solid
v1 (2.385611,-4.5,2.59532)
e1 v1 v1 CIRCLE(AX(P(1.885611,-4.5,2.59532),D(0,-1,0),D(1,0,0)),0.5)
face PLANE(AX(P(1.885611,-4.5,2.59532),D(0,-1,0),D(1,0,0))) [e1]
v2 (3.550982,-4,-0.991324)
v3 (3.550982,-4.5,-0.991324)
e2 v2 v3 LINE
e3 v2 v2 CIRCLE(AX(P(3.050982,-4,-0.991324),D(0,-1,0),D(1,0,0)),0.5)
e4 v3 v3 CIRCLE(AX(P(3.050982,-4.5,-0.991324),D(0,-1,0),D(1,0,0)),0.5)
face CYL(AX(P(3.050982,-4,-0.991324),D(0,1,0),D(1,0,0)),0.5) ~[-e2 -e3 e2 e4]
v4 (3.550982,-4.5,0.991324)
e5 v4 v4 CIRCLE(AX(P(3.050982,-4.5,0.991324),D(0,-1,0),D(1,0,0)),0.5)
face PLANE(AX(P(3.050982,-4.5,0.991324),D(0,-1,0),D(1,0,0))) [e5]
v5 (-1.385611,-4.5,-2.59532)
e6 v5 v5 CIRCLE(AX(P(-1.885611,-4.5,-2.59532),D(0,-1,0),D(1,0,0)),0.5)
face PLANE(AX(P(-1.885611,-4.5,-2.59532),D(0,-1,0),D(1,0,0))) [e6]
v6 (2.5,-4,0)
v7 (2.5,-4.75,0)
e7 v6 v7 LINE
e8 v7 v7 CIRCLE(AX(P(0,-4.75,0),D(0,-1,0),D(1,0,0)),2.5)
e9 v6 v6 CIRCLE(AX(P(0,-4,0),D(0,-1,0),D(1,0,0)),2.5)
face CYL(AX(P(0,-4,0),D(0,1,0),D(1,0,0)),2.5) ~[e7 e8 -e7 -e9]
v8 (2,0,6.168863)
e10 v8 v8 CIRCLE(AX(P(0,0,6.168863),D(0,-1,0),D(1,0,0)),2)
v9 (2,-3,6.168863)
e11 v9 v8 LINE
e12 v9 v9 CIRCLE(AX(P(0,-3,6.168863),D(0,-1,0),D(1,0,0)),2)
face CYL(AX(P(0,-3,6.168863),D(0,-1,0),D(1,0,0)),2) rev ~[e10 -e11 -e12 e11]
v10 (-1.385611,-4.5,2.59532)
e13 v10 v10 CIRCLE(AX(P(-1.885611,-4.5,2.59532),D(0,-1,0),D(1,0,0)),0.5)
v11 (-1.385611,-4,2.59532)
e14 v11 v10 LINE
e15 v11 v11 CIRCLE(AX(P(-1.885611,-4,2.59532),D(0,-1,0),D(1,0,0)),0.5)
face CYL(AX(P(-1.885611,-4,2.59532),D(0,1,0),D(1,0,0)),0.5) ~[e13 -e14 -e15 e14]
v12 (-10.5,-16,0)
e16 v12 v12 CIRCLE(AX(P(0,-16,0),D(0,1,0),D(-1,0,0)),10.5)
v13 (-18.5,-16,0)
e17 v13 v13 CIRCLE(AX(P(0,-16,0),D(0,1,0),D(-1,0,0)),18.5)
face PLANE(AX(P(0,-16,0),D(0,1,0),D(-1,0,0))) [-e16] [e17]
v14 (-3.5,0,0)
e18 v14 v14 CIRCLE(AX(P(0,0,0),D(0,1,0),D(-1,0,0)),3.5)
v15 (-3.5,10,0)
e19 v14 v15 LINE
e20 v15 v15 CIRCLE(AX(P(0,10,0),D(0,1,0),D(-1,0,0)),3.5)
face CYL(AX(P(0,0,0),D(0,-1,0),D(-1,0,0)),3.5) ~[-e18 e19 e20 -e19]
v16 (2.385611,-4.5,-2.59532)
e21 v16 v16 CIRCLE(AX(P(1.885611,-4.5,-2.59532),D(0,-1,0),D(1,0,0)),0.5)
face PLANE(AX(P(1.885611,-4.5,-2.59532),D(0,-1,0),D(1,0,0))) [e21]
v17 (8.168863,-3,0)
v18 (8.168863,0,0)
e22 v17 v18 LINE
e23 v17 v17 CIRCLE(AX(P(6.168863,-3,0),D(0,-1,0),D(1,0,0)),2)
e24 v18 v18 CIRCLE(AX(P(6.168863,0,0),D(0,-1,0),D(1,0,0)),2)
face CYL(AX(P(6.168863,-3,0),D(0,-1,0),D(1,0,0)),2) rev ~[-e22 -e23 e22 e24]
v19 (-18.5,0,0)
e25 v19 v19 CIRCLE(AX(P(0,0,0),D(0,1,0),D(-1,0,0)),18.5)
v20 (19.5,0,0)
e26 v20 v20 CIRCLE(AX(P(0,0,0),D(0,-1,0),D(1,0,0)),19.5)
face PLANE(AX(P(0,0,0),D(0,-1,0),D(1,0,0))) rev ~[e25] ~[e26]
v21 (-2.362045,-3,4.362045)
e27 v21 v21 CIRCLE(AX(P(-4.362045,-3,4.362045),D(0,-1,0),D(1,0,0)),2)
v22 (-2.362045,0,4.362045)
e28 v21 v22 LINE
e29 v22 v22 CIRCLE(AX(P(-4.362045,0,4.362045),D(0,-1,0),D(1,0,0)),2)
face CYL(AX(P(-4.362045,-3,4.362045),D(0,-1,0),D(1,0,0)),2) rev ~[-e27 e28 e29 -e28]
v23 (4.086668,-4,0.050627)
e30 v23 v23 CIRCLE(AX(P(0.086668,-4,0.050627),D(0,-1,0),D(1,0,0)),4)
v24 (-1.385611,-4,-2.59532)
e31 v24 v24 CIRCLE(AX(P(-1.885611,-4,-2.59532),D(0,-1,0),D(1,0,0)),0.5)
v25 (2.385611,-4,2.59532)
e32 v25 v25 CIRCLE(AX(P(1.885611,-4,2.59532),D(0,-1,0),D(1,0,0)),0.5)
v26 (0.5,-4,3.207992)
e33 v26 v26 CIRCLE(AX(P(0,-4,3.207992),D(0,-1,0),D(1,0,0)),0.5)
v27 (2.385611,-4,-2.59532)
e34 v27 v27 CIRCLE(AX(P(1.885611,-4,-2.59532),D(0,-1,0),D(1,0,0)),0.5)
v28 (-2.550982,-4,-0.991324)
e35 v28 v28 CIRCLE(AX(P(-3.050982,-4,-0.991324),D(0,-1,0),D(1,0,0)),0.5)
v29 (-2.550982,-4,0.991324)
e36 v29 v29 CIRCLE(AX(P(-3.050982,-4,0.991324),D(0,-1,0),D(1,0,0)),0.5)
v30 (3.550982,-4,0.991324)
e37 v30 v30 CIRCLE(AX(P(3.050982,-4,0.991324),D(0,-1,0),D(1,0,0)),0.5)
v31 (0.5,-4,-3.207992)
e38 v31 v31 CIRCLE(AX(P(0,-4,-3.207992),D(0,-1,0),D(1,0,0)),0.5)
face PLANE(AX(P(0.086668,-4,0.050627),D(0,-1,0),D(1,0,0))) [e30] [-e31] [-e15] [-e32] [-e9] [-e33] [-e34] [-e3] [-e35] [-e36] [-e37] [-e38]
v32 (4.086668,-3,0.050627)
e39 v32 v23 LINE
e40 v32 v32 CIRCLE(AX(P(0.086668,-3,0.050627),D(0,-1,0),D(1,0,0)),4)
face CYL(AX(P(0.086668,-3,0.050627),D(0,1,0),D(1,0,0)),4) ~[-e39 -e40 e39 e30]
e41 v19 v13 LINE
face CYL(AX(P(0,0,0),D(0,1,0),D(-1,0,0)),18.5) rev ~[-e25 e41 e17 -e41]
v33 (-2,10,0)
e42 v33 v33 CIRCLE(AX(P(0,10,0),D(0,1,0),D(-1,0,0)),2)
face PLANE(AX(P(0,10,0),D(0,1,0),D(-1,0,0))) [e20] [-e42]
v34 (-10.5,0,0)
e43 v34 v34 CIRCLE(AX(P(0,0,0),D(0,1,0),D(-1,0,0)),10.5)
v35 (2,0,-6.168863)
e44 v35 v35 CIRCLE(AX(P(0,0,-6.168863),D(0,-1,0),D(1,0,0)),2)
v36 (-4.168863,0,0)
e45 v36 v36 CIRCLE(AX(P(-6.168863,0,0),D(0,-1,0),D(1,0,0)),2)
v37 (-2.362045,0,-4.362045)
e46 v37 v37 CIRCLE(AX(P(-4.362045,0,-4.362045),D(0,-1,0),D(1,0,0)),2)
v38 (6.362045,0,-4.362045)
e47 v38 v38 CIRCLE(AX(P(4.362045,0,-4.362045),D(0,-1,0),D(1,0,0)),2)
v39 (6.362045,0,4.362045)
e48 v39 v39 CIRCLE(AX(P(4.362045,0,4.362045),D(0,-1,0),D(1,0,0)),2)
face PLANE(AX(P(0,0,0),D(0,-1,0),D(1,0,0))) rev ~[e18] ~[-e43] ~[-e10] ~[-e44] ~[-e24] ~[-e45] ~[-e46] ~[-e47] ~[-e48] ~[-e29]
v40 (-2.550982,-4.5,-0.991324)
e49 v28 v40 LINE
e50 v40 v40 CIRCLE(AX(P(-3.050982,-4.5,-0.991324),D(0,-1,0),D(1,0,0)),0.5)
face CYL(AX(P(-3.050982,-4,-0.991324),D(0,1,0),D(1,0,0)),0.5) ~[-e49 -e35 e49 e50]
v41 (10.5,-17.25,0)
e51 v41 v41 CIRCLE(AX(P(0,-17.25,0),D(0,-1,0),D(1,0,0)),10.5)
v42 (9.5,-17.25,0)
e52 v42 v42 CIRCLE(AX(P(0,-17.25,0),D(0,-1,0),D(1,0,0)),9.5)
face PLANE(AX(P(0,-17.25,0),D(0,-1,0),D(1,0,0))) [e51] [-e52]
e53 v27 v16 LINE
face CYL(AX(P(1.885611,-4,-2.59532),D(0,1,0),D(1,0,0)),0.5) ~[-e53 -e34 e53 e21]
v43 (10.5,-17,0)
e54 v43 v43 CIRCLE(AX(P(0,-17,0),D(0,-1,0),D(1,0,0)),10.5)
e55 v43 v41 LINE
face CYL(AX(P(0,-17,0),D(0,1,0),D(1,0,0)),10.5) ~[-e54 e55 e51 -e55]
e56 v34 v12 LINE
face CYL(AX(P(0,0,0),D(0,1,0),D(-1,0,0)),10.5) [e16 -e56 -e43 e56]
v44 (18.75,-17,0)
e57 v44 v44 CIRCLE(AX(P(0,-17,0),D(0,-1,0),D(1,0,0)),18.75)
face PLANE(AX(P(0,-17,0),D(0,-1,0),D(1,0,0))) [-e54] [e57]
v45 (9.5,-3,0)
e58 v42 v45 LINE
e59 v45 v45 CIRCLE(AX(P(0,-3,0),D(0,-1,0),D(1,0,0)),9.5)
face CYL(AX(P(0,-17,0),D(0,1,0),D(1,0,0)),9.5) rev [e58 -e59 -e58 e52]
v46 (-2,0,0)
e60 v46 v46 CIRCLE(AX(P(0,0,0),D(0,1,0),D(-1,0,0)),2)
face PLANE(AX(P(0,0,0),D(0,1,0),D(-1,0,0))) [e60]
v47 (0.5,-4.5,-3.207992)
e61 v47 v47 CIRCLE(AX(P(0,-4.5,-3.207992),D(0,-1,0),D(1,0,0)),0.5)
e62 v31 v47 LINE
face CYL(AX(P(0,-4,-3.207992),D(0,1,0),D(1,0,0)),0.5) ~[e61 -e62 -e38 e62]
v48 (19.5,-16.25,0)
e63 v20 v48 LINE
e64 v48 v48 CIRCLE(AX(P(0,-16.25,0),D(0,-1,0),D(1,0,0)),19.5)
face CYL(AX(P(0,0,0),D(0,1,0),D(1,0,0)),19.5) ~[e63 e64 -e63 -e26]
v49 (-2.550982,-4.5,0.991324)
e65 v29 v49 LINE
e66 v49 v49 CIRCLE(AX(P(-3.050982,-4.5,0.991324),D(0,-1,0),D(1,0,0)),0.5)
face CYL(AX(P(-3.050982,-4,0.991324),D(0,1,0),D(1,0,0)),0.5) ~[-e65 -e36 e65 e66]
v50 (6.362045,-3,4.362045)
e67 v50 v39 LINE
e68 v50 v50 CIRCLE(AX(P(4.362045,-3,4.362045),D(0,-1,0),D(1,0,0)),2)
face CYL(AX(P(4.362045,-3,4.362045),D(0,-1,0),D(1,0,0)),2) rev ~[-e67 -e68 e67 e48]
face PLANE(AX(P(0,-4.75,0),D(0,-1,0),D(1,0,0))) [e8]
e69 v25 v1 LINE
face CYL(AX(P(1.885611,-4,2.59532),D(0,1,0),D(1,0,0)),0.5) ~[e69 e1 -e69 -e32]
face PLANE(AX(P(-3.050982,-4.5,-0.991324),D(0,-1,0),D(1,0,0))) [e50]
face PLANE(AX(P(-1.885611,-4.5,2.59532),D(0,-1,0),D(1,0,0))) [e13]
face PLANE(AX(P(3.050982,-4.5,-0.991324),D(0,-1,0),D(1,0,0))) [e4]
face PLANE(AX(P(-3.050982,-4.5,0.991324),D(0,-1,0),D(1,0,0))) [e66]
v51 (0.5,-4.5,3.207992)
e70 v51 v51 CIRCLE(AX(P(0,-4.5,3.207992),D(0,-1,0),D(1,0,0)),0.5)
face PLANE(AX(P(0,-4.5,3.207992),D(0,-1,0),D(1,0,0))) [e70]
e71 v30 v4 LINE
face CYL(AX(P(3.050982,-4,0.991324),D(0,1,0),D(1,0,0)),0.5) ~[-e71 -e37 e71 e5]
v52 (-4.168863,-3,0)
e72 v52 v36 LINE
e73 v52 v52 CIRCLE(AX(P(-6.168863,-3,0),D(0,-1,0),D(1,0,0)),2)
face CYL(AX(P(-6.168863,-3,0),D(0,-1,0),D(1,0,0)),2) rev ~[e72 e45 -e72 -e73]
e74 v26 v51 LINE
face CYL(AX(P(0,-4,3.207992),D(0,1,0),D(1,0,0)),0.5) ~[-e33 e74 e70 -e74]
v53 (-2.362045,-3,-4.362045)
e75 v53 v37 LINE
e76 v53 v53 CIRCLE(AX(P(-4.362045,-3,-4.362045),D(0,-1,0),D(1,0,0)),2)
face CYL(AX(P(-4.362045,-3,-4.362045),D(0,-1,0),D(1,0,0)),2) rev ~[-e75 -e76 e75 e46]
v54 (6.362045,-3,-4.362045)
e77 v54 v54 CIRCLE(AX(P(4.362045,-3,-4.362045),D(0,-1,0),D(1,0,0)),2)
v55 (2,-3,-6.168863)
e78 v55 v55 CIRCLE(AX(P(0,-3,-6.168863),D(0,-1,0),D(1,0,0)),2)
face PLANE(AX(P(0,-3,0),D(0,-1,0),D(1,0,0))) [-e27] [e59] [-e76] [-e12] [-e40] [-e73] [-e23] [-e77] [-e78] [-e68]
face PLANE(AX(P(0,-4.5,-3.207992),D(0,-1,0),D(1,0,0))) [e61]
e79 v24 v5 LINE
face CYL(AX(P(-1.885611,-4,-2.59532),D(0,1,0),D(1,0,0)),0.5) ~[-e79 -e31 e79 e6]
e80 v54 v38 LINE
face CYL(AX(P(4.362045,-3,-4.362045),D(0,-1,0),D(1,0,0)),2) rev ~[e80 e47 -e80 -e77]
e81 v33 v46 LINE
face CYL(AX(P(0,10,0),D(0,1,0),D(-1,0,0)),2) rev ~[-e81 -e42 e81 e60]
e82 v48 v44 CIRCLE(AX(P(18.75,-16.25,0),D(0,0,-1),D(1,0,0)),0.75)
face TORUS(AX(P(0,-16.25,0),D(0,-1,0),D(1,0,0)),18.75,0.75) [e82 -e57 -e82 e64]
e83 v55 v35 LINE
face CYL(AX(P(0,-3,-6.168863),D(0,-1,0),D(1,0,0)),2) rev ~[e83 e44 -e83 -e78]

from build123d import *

# Parameters (mm, degrees)
F0_R      = 19.5
F1_DEPTH  = 17
F2_R      = 9.5
F3_DEPTH  = 14
F4_R      = 18.5
F4_R_2    = 10.5
F5_DEPTH  = 16
F6_R      = 2
F7_DEPTH  = 25
F8_R      = 3.5
F9_DEPTH  = 10
F10_R     = 2
F11_DEPTH = 10
F12_R     = 4
F13_DEPTH = 1
F14_R     = 2.5
F15_DEPTH = 0.75
F16_R     = 0.5
F17_DEPTH = 0.5
F19_R     = 0.75
F18_R     = 10.5
F18_R_2   = 9.5
F20_DEPTH = 0.25


with BuildPart() as f1:
    # F0 (on Front) → F1 (new body)
    with BuildSketch(Plane.XZ):
        Circle(F0_R)
    extrude(amount=F1_DEPTH)

    # F2 (on face) → F3 (cut)
    with BuildSketch(Plane.XZ.offset(17)):
        Circle(F2_R)
    extrude(amount=-F3_DEPTH, mode=Mode.SUBTRACT)

    # F4 (on face) → F5 (cut)
    with BuildSketch(Plane(origin=(0, 0, 0), x_dir=(-1, 0, 0), z_dir=(0, 1, 0))):
        Circle(F4_R)
        Circle(F4_R_2, mode=Mode.SUBTRACT)
    extrude(amount=-F5_DEPTH, mode=Mode.SUBTRACT)

    # F6 (on face) → F7 (cut)
    with BuildSketch(Plane.XZ.offset(3)):
        with Locations((0, 6.1688632704)):
            Circle(F6_R)
        with Locations((-4.3620450507, 4.3620450507)):
            Circle(F6_R)
        with Locations((-6.1688632704, 0)):
            Circle(F6_R)
        with Locations((-4.3620450507, -4.3620450507)):
            Circle(F6_R)
        with Locations((0, -6.1688632704)):
            Circle(F6_R)
        with Locations((4.3620450507, -4.3620450507)):
            Circle(F6_R)
        with Locations((6.1688632704, 0)):
            Circle(F6_R)
        with Locations((4.3620450507, 4.3620450507)):
            Circle(F6_R)
    extrude(amount=-F7_DEPTH, mode=Mode.SUBTRACT)

    # F8 (on face) → F9 (join)
    with BuildSketch(Plane(origin=(0, 0, 0), x_dir=(-1, 0, 0), z_dir=(0, 1, 0))):
        Circle(F8_R)
    extrude(amount=F9_DEPTH)

    # F10 (on face) → F11 (cut)
    with BuildSketch(Plane(origin=(0, 10, 0), x_dir=(-1, 0, 0), z_dir=(0, 1, 0))):
        Circle(F10_R)
    extrude(amount=-F11_DEPTH, mode=Mode.SUBTRACT)

    # F12 (on face) → F13 (join)
    with BuildSketch(Plane.XZ.offset(3)):
        with Locations((0.0866679911, 0.0506265242)):
            Circle(F12_R)
    extrude(amount=F13_DEPTH)

    # F14 (on face) → F15 (join)
    with BuildSketch(Plane.XZ.offset(4)):
        Circle(F14_R)
    extrude(amount=F15_DEPTH)

    # F16 (on face) → F17 (join)
    with BuildSketch(Plane.XZ.offset(4)):
        with Locations((0, 3.2079922967)):
            Circle(F16_R)
        with Locations((-1.8856105614, 2.5953202858)):
            Circle(F16_R)
        with Locations((-3.050981978, 0.9913241375)):
            Circle(F16_R)
        with Locations((-3.050981978, -0.9913241375)):
            Circle(F16_R)
        with Locations((-1.8856105614, -2.5953202858)):
            Circle(F16_R)
        with Locations((0, -3.2079922967)):
            Circle(F16_R)
        with Locations((1.8856105614, -2.5953202858)):
            Circle(F16_R)
        with Locations((3.050981978, -0.9913241375)):
            Circle(F16_R)
        with Locations((3.050981978, 0.9913241375)):
            Circle(F16_R)
        with Locations((1.8856105614, 2.5953202858)):
            Circle(F16_R)
    extrude(amount=F17_DEPTH)

    # F19
    f19_edges = [f1.edges().sort_by_distance(p)[0] for p in [
        (-19.5, -17, 0),
    ]]
    fillet(f19_edges, radius=F19_R)

    # F18 (on face) → F20 (join)
    with BuildSketch(Plane.XZ.offset(17)):
        Circle(F18_R)
        Circle(F18_R_2, mode=Mode.SUBTRACT)
    extrude(amount=F20_DEPTH)


solid = f1.part
